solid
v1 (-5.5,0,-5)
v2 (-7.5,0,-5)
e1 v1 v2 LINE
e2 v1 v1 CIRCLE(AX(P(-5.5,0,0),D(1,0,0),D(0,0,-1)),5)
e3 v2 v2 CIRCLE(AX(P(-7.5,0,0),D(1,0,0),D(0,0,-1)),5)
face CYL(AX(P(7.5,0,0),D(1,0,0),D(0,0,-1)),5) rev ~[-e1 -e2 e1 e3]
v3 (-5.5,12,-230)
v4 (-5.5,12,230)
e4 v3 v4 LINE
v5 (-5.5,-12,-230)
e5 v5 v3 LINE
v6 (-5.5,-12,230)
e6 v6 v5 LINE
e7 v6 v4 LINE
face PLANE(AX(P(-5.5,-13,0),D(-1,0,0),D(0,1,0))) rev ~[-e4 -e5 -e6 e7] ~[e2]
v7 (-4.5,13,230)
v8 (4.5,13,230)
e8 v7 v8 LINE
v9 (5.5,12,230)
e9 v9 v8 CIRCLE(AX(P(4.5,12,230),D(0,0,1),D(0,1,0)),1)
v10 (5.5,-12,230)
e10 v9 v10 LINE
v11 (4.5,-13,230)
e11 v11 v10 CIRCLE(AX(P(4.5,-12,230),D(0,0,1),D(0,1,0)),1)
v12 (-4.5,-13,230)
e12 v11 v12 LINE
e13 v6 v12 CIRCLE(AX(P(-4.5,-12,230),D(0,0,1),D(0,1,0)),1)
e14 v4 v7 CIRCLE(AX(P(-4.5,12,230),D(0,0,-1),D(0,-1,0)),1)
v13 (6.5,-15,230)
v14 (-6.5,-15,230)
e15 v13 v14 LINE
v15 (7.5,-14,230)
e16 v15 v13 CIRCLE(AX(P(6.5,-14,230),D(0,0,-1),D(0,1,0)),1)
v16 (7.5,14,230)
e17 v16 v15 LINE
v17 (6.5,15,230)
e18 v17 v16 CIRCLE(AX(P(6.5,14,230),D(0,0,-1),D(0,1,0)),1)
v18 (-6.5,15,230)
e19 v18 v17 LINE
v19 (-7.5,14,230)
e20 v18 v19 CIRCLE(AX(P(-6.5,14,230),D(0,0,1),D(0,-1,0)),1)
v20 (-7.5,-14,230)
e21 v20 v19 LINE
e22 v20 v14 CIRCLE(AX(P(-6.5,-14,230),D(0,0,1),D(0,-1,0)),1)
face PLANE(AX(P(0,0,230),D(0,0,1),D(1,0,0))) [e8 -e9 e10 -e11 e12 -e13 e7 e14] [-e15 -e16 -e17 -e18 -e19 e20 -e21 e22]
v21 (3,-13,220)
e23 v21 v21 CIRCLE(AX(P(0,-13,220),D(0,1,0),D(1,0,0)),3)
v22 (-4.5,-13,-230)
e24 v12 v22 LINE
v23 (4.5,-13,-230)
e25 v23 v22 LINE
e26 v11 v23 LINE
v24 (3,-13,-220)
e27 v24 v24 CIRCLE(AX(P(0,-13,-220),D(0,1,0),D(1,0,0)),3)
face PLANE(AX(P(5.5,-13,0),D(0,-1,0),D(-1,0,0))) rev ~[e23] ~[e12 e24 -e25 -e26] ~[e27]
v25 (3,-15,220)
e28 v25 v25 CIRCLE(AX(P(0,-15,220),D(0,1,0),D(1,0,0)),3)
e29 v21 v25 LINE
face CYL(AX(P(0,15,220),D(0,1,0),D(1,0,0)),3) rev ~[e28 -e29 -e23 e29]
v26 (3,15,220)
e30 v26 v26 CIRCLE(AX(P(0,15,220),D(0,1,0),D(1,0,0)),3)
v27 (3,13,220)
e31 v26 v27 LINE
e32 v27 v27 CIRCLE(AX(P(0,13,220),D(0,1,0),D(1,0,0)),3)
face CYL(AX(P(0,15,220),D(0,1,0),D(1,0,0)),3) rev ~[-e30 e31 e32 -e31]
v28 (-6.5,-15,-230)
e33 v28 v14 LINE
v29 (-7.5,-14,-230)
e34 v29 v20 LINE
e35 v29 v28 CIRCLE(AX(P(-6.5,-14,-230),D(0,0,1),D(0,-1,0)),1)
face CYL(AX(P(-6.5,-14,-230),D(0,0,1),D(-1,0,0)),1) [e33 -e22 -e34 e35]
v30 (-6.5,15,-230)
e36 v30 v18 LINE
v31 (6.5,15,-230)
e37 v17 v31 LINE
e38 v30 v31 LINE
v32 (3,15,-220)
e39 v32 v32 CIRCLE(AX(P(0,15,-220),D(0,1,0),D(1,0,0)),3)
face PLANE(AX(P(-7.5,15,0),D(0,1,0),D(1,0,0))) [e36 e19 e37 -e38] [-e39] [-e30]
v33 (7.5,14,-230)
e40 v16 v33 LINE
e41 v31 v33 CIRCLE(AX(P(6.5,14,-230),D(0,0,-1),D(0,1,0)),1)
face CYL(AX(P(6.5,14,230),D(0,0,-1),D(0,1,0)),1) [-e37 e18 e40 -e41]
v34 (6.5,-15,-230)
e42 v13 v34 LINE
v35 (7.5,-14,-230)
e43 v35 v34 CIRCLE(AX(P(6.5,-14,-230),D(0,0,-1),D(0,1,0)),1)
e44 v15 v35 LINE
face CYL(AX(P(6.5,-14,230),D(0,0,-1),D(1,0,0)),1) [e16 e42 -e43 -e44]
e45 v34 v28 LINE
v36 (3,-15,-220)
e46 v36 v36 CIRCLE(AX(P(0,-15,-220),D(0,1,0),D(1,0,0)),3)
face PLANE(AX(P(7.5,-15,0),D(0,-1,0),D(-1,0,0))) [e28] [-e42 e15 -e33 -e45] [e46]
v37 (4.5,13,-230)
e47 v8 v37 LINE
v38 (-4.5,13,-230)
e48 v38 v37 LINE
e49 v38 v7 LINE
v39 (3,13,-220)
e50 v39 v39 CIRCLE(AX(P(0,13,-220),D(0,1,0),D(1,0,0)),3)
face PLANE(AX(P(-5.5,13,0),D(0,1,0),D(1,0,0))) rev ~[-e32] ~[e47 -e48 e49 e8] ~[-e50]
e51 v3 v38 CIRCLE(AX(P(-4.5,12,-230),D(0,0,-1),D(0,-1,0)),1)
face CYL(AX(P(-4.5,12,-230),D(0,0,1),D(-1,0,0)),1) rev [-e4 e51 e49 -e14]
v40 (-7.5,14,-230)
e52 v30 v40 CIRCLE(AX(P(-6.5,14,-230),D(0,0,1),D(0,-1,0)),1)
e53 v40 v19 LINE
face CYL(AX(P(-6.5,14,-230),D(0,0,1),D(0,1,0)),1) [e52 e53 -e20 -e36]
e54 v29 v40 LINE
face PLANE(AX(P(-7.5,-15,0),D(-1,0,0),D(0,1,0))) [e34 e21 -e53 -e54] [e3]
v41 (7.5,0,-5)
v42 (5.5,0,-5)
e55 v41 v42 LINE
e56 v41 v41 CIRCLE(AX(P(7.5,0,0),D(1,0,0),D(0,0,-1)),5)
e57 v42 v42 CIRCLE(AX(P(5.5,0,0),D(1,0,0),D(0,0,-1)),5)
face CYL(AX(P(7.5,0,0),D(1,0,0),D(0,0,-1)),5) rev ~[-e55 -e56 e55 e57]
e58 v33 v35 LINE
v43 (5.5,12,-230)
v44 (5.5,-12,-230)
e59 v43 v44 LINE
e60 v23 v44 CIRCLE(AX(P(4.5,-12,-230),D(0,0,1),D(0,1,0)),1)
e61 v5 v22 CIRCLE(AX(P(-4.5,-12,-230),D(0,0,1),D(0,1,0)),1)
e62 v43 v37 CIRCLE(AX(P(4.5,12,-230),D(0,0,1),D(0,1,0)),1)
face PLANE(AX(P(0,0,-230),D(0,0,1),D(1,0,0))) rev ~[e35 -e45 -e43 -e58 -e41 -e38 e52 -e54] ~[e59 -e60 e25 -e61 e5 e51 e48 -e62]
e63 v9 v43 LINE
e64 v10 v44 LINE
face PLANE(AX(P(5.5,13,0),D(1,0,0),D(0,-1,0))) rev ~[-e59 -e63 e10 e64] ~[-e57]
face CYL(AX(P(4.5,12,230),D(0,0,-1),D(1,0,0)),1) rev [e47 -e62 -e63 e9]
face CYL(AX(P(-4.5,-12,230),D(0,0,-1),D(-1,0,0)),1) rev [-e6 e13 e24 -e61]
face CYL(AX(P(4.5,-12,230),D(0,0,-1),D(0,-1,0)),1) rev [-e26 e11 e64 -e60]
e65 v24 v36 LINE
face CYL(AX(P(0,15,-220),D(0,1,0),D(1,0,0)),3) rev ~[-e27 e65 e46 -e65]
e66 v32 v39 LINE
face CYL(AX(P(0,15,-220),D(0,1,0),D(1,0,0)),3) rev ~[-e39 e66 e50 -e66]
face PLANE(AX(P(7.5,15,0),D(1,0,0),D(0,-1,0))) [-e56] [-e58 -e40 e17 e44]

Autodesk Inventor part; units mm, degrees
ref_plane "YZ Plane" through (0, 0, 0) normal (1, 0, 0) x (0, 1, 0)
ref_plane "XZ Plane" through (0, 0, 0) normal (0, 1, 0) x (-1, 0, 0)
ref_plane "XY Plane" through (0, 0, 0) normal (0, 0, 1) x (1, 0, 0)
sketch "Sketch1" plane through (0, 0, 0) normal (0, 0, 1) x (1, 0, 0)
  line L0 (-7.5, 15) -> (7.5, 15)
  line L1 (7.5, 15) -> (7.5, -15)
  line L2 (7.5, -15) -> (-7.5, -15)
  line L3 (-7.5, -15) -> (-7.5, 15)
  line L4 (-7.5, 15) -> (7.5, -15) construction
  line L5 (7.5, 15) -> (-7.5, -15) construction
  line L6 (-5.5, 13) -> (5.5, 13)
  line L7 (5.5, 13) -> (5.5, -13)
  line L8 (5.5, -13) -> (-5.5, -13)
  line L9 (-5.5, -13) -> (-5.5, 13)
  point P0 (0, 0)
  dimension "d0" = 15
  dimension "d1" = 30
  dimension "d2" = 2
extrude "Extrusion1" add sketch "Sketch1" along normal mid plane 460
sketch "Sketch2" plane through (-7.5, 15, -230) normal (0, 1, 0) x (1, 0, 0)
  circle A0 centre (7.5, -10) radius 3
  circle A1 centre (7.5, -450) radius 3
  line L0 (15, -460) -> (0, -460) projected
  line L1 (0, 0) -> (15, 0) projected
  line L2 (7.5, -450) -> (7.5, -10) construction
  line L3 (0, 0) -> (0, -460) construction
  point P0 (7.5, -230)
  point P1 (7.5, -460)
  point P2 (7.5, 0)
  point P3 (7.5, -230)
  point P4 (0, -230)
  dimension "d5" = 6
  dimension "d6" = 6
  dimension "d7" = 440
extrude "Extrusion2" cut sketch "Sketch2" against normal through all
sketch "Sketch3" plane through (7.5, -15, -230) normal (1, 0, 0) x (0, 0, -1)
  line L0 (0, 30) -> (0, 0) projected
  line L1 (0, 30) -> (-460, 30) projected
  line L2 (-460, 0) -> (-460, 30) projected
  line L3 (0, 0) -> (-460, 0) projected
  circle A0 centre (-230, 15) radius 5
  point P0 (-230, 30)
  point P1 (0, 15)
  dimension "d10" = 10
extrude "Extrusion3" cut sketch "Sketch3" against normal through all contours A0
fillet "Fillet1" radius 1 8 edges at (7.5, 15, 0) (-7.5, 15, 0) (7.5, -15, 0) (-7.5, -15, 0) (-5.5, 13, 0) (5.5, 13, 0) (5.5, -13, 0) (-5.5, -13, 0)
properties part number "balk" material "Stainless Steel"
